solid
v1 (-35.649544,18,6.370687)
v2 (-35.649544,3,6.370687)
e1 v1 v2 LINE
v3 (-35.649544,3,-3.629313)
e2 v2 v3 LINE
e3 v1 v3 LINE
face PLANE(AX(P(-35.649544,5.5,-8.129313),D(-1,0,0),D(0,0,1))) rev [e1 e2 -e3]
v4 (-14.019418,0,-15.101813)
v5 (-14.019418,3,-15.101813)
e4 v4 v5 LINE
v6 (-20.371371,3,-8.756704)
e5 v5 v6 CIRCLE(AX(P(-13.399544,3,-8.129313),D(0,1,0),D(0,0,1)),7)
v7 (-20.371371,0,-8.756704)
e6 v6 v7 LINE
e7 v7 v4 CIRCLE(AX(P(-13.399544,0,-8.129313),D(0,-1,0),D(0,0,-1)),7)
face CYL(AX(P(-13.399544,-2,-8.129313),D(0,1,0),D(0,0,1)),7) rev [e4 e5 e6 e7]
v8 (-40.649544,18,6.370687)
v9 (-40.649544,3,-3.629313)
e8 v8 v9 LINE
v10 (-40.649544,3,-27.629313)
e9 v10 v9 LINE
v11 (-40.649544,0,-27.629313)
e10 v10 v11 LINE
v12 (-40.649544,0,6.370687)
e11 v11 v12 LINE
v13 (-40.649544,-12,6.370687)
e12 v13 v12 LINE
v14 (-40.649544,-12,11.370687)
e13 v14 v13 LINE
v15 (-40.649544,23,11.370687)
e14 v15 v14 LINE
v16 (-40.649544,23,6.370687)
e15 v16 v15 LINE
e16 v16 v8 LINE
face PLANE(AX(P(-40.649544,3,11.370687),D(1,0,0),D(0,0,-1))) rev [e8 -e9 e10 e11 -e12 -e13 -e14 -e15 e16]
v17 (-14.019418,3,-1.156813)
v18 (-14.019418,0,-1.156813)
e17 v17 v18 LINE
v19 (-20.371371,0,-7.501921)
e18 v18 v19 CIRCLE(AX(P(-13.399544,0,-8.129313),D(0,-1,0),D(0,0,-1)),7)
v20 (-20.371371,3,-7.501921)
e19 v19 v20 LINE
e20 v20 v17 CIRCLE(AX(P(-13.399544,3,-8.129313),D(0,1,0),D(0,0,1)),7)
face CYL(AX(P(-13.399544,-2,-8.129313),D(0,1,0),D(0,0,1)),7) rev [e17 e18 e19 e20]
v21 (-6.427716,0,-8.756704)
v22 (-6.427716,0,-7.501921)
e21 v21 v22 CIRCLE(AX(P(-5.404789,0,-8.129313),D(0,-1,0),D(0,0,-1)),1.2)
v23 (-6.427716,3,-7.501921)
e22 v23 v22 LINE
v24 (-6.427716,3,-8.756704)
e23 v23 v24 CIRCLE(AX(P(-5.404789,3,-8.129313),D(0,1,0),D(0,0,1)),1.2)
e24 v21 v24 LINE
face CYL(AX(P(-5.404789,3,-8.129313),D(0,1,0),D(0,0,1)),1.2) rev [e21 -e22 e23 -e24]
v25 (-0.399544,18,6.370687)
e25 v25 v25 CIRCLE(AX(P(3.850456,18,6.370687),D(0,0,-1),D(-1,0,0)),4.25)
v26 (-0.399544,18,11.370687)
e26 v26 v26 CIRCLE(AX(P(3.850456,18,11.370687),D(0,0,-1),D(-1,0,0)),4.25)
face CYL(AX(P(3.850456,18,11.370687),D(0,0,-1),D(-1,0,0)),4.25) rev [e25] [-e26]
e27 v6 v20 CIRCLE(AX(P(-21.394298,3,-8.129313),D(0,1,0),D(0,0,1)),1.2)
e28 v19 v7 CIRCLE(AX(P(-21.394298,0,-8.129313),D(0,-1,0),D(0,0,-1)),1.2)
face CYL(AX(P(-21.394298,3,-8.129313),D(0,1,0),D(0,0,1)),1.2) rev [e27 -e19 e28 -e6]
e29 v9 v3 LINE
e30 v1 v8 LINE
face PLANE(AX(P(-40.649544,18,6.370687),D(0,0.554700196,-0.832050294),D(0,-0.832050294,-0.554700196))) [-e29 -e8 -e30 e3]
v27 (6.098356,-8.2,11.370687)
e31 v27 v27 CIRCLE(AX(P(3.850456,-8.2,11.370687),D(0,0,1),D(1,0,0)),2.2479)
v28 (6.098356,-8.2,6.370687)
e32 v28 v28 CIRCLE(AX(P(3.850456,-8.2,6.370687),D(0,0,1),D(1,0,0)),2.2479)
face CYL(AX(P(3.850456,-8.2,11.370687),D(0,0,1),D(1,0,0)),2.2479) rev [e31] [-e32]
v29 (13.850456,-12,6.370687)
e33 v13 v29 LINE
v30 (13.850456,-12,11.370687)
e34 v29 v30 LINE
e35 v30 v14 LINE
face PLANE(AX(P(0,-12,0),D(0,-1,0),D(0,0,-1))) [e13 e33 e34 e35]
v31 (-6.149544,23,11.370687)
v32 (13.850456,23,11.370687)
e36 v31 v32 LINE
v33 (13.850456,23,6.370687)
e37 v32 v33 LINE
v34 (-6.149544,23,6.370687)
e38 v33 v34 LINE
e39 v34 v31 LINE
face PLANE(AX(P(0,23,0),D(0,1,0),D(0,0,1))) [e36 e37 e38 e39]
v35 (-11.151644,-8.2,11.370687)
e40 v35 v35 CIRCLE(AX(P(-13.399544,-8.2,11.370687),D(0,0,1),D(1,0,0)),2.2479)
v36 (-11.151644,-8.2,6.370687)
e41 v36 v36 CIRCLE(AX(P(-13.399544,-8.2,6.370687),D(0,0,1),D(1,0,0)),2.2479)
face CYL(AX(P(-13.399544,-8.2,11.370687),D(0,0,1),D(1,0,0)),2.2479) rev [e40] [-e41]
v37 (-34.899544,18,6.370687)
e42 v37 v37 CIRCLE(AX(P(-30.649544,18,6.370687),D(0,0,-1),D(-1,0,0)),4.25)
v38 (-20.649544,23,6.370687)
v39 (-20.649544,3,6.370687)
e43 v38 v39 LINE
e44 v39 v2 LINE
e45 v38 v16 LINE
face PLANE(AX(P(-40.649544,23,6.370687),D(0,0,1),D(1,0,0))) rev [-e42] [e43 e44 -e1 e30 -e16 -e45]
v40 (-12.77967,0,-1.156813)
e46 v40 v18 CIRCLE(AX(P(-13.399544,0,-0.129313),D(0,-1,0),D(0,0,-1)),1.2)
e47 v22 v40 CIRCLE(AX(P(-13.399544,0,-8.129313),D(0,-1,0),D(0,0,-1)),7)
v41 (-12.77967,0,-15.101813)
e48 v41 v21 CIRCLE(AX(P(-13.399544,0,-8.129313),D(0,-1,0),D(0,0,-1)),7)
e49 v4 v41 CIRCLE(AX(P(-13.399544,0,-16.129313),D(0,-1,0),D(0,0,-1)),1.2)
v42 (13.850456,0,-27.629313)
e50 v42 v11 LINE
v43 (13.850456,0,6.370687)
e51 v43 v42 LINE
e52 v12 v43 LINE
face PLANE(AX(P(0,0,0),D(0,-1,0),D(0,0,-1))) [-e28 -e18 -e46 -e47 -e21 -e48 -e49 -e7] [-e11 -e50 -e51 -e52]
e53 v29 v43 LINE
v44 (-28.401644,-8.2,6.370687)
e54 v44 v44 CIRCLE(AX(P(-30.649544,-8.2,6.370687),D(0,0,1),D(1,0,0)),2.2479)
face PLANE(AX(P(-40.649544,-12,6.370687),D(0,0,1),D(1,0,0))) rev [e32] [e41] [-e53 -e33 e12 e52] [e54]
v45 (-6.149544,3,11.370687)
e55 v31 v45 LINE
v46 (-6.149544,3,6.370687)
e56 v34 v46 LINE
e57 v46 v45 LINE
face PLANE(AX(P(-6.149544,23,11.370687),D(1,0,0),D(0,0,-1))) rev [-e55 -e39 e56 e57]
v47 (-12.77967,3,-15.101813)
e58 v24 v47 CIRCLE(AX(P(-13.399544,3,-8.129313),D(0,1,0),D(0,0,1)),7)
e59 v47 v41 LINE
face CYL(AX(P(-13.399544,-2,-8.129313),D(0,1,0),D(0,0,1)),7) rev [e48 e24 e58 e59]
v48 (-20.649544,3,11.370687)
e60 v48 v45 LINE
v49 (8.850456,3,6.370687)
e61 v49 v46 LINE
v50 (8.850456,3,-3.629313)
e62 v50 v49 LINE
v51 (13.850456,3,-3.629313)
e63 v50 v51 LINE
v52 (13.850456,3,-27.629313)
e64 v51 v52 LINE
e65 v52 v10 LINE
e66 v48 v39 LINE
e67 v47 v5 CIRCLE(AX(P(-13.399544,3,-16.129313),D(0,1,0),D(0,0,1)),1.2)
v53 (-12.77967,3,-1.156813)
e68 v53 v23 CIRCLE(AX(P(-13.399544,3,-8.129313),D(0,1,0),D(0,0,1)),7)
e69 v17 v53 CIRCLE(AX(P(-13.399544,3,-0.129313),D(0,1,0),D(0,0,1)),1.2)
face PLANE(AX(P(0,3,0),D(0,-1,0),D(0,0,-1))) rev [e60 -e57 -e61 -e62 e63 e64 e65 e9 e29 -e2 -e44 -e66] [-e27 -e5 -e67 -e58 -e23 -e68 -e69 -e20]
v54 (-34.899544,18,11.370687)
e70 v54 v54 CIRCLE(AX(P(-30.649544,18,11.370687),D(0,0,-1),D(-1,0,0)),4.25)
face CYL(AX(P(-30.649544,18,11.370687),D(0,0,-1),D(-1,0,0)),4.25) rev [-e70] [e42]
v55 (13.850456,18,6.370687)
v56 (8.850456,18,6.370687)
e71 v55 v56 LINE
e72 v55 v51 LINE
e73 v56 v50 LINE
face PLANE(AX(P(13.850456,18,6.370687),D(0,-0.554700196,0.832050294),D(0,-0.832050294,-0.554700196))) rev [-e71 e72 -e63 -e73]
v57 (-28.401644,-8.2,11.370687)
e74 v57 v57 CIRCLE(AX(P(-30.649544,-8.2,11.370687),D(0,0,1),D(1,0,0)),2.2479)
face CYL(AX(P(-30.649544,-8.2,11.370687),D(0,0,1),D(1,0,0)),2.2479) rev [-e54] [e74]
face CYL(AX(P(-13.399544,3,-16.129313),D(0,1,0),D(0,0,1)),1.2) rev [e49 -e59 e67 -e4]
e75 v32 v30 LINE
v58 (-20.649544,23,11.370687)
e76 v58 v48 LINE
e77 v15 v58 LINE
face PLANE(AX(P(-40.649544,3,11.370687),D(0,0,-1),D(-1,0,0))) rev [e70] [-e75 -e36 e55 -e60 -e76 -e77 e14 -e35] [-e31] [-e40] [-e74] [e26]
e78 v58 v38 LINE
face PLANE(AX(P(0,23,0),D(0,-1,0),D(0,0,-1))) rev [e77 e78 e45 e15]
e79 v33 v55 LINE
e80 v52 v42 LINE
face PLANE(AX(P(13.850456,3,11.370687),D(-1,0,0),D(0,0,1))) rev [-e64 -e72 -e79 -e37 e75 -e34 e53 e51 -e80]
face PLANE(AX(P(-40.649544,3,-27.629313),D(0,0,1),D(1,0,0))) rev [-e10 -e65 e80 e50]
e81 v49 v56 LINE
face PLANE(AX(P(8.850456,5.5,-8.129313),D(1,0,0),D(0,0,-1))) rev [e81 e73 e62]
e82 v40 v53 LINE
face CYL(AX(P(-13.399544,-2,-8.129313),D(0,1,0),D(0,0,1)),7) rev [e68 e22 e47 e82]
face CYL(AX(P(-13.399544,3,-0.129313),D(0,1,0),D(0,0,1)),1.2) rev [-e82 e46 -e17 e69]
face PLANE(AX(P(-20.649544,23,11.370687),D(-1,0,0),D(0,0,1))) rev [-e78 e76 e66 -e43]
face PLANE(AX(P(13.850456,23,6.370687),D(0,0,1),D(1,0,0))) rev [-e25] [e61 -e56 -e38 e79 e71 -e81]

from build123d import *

# Parameters (mm, degrees)
SKETCH1_W                 = 54.5
SKETCH1_H                 = 39
BOSS_EXTRUDE1_DEPTH       = 3
SKETCH10_R                = 7
CUT_EXTRUDE1_DEPTH        = 5
M2_CLEARANCE_HOLE1_D      = 2.4
M2_CLEARANCE_HOLE1_DEPTH  = 17
M2_CLEARANCE_HOLE1_TIP    = 0.721032743
SKETCH12_W                = 20
SKETCH12_H                = 5
BOSS_EXTRUDE2_DEPTH       = 20
SKETCH13_R                = 4.25
CUT_EXTRUDE2_DEPTH        = 5
SKETCH16_W                = 54.5
SKETCH16_H                = 5
BOSS_EXTRUDE4_DEPTH       = 12
F_8_CLEARANCE_HOLE1_D     = 4.4958
F_8_CLEARANCE_HOLE1_DEPTH = 17
F_8_CLEARANCE_HOLE1_TIP   = 1.350674586
RIB2_REACH                = 67.289
SKETCH20_WALL_W           = 150.605379482
SKETCH20_WALL_H           = 5
RIB4_REACH                = 67.289
SKETCH21_WALL_W           = 150.605379482
SKETCH21_WALL_H           = 5


with BuildPart() as part:
    # Sketch1 → Boss-Extrude1 (new body)
    with BuildSketch(Plane(origin=(0, 0, 0), x_dir=(1, 0, 0), z_dir=(0, 1, 0))):
        with Locations((-13.399543841, 8.129312584)):
            Rectangle(SKETCH1_W, SKETCH1_H)
    extrude(amount=BOSS_EXTRUDE1_DEPTH)

    # Sketch10 → Cut-Extrude1 (cut)
    with BuildSketch(Plane(origin=(0, 3, 0), x_dir=(1, 0, 0), z_dir=(0, 1, 0))):
        with Locations(Location((-13.399543841, 8.129312584, 0), (0, 0, 270))):
            Circle(SKETCH10_R)
    extrude(amount=-CUT_EXTRUDE1_DEPTH, mode=Mode.SUBTRACT)

    # M2 Clearance Hole1
    with Locations(Plane(origin=(-13.399543841, 3, -0.129312584), x_dir=(0, 0, 1), z_dir=(0, 1, 0))):
        with Locations((0, 0), (-8, 7.99475453), (-8, -7.99475453), (-16, 0)):
            Hole(M2_CLEARANCE_HOLE1_D / 2, depth=M2_CLEARANCE_HOLE1_DEPTH)
            with Locations((0, 0, -(M2_CLEARANCE_HOLE1_DEPTH + M2_CLEARANCE_HOLE1_TIP / 2))):  # 118° drill point
                Cone(0, M2_CLEARANCE_HOLE1_D / 2, M2_CLEARANCE_HOLE1_TIP, mode=Mode.SUBTRACT)

    # Sketch12 → Boss-Extrude2 (add)
    with BuildSketch(Plane(origin=(0, 3, 0), x_dir=(1, 0, 0), z_dir=(0, 1, 0))):
        with Locations((3.850456159, -8.870687416)):
            Rectangle(SKETCH12_W, SKETCH12_H)
        with Locations((-30.649543841, -8.870687416)):
            Rectangle(SKETCH12_W, SKETCH12_H)
    extrude(amount=BOSS_EXTRUDE2_DEPTH)

    # Sketch13 → Cut-Extrude2 (cut)
    with BuildSketch(Plane(origin=(0, 0, 6.370687416), x_dir=(-1, 0, 0), z_dir=(0, 0, -1))):
        with Locations((-3.850456159, 18)):
            Circle(SKETCH13_R)
        with Locations((30.649543841, 18)):
            Circle(SKETCH13_R)
    extrude(amount=-CUT_EXTRUDE2_DEPTH, mode=Mode.SUBTRACT)

    # Sketch16 → Boss-Extrude4 (add)
    with BuildSketch(Plane.XZ):
        with Locations((-13.399543841, 8.870687416)):
            Rectangle(SKETCH16_W, SKETCH16_H)
    extrude(amount=BOSS_EXTRUDE4_DEPTH)

    # #8 Clearance Hole1
    with Locations(Plane(origin=(-30.649543841, -8.2, 11.370687416), x_dir=(1, 0, 0), z_dir=(0, 0, 1))):
        with Locations((0, 0), (17.25, 0), (34.5, 0)):
            Hole(F_8_CLEARANCE_HOLE1_D / 2, depth=F_8_CLEARANCE_HOLE1_DEPTH)
            with Locations((0, 0, -(F_8_CLEARANCE_HOLE1_DEPTH + F_8_CLEARANCE_HOLE1_TIP / 2))):  # 118° drill point
                Cone(0, F_8_CLEARANCE_HOLE1_D / 2, F_8_CLEARANCE_HOLE1_TIP, mode=Mode.SUBTRACT)

    # Sketch20 wall → Rib2 (add, up to next)
    with BuildSketch(Plane(origin=(13.850456159, 10.5, 1.370687416), x_dir=(0, -0.832050294338, -0.554700196225), z_dir=(0, 0.554700196225, -0.832050294338)), mode=Mode.PRIVATE) as rib2_sk1:
        with Locations((0, 2.5)):
            Rectangle(SKETCH20_WALL_W, SKETCH20_WALL_H)
    rib2_tool1 = extrude(rib2_sk1.sketch, amount=-RIB2_REACH, mode=Mode.PRIVATE) - part.part
    add(rib2_tool1.solids().sort_by_distance((13.850456159, 10.5, 1.370687416))[0])

    # Sketch21 wall → Rib4 (add, up to next)
    with BuildSketch(Plane(origin=(-40.649543841, 10.5, 1.370687416), x_dir=(0, -0.832050294338, -0.554700196225), z_dir=(0, -0.554700196225, 0.832050294338)), mode=Mode.PRIVATE) as rib4_sk1:
        with Locations((0, 2.5)):
            Rectangle(SKETCH21_WALL_W, SKETCH21_WALL_H)
    rib4_tool1 = extrude(rib4_sk1.sketch, amount=RIB4_REACH, mode=Mode.PRIVATE) - part.part
    add(rib4_tool1.solids().sort_by_distance((-40.649543841, 10.5, 1.370687416))[0])


solid = part.part
